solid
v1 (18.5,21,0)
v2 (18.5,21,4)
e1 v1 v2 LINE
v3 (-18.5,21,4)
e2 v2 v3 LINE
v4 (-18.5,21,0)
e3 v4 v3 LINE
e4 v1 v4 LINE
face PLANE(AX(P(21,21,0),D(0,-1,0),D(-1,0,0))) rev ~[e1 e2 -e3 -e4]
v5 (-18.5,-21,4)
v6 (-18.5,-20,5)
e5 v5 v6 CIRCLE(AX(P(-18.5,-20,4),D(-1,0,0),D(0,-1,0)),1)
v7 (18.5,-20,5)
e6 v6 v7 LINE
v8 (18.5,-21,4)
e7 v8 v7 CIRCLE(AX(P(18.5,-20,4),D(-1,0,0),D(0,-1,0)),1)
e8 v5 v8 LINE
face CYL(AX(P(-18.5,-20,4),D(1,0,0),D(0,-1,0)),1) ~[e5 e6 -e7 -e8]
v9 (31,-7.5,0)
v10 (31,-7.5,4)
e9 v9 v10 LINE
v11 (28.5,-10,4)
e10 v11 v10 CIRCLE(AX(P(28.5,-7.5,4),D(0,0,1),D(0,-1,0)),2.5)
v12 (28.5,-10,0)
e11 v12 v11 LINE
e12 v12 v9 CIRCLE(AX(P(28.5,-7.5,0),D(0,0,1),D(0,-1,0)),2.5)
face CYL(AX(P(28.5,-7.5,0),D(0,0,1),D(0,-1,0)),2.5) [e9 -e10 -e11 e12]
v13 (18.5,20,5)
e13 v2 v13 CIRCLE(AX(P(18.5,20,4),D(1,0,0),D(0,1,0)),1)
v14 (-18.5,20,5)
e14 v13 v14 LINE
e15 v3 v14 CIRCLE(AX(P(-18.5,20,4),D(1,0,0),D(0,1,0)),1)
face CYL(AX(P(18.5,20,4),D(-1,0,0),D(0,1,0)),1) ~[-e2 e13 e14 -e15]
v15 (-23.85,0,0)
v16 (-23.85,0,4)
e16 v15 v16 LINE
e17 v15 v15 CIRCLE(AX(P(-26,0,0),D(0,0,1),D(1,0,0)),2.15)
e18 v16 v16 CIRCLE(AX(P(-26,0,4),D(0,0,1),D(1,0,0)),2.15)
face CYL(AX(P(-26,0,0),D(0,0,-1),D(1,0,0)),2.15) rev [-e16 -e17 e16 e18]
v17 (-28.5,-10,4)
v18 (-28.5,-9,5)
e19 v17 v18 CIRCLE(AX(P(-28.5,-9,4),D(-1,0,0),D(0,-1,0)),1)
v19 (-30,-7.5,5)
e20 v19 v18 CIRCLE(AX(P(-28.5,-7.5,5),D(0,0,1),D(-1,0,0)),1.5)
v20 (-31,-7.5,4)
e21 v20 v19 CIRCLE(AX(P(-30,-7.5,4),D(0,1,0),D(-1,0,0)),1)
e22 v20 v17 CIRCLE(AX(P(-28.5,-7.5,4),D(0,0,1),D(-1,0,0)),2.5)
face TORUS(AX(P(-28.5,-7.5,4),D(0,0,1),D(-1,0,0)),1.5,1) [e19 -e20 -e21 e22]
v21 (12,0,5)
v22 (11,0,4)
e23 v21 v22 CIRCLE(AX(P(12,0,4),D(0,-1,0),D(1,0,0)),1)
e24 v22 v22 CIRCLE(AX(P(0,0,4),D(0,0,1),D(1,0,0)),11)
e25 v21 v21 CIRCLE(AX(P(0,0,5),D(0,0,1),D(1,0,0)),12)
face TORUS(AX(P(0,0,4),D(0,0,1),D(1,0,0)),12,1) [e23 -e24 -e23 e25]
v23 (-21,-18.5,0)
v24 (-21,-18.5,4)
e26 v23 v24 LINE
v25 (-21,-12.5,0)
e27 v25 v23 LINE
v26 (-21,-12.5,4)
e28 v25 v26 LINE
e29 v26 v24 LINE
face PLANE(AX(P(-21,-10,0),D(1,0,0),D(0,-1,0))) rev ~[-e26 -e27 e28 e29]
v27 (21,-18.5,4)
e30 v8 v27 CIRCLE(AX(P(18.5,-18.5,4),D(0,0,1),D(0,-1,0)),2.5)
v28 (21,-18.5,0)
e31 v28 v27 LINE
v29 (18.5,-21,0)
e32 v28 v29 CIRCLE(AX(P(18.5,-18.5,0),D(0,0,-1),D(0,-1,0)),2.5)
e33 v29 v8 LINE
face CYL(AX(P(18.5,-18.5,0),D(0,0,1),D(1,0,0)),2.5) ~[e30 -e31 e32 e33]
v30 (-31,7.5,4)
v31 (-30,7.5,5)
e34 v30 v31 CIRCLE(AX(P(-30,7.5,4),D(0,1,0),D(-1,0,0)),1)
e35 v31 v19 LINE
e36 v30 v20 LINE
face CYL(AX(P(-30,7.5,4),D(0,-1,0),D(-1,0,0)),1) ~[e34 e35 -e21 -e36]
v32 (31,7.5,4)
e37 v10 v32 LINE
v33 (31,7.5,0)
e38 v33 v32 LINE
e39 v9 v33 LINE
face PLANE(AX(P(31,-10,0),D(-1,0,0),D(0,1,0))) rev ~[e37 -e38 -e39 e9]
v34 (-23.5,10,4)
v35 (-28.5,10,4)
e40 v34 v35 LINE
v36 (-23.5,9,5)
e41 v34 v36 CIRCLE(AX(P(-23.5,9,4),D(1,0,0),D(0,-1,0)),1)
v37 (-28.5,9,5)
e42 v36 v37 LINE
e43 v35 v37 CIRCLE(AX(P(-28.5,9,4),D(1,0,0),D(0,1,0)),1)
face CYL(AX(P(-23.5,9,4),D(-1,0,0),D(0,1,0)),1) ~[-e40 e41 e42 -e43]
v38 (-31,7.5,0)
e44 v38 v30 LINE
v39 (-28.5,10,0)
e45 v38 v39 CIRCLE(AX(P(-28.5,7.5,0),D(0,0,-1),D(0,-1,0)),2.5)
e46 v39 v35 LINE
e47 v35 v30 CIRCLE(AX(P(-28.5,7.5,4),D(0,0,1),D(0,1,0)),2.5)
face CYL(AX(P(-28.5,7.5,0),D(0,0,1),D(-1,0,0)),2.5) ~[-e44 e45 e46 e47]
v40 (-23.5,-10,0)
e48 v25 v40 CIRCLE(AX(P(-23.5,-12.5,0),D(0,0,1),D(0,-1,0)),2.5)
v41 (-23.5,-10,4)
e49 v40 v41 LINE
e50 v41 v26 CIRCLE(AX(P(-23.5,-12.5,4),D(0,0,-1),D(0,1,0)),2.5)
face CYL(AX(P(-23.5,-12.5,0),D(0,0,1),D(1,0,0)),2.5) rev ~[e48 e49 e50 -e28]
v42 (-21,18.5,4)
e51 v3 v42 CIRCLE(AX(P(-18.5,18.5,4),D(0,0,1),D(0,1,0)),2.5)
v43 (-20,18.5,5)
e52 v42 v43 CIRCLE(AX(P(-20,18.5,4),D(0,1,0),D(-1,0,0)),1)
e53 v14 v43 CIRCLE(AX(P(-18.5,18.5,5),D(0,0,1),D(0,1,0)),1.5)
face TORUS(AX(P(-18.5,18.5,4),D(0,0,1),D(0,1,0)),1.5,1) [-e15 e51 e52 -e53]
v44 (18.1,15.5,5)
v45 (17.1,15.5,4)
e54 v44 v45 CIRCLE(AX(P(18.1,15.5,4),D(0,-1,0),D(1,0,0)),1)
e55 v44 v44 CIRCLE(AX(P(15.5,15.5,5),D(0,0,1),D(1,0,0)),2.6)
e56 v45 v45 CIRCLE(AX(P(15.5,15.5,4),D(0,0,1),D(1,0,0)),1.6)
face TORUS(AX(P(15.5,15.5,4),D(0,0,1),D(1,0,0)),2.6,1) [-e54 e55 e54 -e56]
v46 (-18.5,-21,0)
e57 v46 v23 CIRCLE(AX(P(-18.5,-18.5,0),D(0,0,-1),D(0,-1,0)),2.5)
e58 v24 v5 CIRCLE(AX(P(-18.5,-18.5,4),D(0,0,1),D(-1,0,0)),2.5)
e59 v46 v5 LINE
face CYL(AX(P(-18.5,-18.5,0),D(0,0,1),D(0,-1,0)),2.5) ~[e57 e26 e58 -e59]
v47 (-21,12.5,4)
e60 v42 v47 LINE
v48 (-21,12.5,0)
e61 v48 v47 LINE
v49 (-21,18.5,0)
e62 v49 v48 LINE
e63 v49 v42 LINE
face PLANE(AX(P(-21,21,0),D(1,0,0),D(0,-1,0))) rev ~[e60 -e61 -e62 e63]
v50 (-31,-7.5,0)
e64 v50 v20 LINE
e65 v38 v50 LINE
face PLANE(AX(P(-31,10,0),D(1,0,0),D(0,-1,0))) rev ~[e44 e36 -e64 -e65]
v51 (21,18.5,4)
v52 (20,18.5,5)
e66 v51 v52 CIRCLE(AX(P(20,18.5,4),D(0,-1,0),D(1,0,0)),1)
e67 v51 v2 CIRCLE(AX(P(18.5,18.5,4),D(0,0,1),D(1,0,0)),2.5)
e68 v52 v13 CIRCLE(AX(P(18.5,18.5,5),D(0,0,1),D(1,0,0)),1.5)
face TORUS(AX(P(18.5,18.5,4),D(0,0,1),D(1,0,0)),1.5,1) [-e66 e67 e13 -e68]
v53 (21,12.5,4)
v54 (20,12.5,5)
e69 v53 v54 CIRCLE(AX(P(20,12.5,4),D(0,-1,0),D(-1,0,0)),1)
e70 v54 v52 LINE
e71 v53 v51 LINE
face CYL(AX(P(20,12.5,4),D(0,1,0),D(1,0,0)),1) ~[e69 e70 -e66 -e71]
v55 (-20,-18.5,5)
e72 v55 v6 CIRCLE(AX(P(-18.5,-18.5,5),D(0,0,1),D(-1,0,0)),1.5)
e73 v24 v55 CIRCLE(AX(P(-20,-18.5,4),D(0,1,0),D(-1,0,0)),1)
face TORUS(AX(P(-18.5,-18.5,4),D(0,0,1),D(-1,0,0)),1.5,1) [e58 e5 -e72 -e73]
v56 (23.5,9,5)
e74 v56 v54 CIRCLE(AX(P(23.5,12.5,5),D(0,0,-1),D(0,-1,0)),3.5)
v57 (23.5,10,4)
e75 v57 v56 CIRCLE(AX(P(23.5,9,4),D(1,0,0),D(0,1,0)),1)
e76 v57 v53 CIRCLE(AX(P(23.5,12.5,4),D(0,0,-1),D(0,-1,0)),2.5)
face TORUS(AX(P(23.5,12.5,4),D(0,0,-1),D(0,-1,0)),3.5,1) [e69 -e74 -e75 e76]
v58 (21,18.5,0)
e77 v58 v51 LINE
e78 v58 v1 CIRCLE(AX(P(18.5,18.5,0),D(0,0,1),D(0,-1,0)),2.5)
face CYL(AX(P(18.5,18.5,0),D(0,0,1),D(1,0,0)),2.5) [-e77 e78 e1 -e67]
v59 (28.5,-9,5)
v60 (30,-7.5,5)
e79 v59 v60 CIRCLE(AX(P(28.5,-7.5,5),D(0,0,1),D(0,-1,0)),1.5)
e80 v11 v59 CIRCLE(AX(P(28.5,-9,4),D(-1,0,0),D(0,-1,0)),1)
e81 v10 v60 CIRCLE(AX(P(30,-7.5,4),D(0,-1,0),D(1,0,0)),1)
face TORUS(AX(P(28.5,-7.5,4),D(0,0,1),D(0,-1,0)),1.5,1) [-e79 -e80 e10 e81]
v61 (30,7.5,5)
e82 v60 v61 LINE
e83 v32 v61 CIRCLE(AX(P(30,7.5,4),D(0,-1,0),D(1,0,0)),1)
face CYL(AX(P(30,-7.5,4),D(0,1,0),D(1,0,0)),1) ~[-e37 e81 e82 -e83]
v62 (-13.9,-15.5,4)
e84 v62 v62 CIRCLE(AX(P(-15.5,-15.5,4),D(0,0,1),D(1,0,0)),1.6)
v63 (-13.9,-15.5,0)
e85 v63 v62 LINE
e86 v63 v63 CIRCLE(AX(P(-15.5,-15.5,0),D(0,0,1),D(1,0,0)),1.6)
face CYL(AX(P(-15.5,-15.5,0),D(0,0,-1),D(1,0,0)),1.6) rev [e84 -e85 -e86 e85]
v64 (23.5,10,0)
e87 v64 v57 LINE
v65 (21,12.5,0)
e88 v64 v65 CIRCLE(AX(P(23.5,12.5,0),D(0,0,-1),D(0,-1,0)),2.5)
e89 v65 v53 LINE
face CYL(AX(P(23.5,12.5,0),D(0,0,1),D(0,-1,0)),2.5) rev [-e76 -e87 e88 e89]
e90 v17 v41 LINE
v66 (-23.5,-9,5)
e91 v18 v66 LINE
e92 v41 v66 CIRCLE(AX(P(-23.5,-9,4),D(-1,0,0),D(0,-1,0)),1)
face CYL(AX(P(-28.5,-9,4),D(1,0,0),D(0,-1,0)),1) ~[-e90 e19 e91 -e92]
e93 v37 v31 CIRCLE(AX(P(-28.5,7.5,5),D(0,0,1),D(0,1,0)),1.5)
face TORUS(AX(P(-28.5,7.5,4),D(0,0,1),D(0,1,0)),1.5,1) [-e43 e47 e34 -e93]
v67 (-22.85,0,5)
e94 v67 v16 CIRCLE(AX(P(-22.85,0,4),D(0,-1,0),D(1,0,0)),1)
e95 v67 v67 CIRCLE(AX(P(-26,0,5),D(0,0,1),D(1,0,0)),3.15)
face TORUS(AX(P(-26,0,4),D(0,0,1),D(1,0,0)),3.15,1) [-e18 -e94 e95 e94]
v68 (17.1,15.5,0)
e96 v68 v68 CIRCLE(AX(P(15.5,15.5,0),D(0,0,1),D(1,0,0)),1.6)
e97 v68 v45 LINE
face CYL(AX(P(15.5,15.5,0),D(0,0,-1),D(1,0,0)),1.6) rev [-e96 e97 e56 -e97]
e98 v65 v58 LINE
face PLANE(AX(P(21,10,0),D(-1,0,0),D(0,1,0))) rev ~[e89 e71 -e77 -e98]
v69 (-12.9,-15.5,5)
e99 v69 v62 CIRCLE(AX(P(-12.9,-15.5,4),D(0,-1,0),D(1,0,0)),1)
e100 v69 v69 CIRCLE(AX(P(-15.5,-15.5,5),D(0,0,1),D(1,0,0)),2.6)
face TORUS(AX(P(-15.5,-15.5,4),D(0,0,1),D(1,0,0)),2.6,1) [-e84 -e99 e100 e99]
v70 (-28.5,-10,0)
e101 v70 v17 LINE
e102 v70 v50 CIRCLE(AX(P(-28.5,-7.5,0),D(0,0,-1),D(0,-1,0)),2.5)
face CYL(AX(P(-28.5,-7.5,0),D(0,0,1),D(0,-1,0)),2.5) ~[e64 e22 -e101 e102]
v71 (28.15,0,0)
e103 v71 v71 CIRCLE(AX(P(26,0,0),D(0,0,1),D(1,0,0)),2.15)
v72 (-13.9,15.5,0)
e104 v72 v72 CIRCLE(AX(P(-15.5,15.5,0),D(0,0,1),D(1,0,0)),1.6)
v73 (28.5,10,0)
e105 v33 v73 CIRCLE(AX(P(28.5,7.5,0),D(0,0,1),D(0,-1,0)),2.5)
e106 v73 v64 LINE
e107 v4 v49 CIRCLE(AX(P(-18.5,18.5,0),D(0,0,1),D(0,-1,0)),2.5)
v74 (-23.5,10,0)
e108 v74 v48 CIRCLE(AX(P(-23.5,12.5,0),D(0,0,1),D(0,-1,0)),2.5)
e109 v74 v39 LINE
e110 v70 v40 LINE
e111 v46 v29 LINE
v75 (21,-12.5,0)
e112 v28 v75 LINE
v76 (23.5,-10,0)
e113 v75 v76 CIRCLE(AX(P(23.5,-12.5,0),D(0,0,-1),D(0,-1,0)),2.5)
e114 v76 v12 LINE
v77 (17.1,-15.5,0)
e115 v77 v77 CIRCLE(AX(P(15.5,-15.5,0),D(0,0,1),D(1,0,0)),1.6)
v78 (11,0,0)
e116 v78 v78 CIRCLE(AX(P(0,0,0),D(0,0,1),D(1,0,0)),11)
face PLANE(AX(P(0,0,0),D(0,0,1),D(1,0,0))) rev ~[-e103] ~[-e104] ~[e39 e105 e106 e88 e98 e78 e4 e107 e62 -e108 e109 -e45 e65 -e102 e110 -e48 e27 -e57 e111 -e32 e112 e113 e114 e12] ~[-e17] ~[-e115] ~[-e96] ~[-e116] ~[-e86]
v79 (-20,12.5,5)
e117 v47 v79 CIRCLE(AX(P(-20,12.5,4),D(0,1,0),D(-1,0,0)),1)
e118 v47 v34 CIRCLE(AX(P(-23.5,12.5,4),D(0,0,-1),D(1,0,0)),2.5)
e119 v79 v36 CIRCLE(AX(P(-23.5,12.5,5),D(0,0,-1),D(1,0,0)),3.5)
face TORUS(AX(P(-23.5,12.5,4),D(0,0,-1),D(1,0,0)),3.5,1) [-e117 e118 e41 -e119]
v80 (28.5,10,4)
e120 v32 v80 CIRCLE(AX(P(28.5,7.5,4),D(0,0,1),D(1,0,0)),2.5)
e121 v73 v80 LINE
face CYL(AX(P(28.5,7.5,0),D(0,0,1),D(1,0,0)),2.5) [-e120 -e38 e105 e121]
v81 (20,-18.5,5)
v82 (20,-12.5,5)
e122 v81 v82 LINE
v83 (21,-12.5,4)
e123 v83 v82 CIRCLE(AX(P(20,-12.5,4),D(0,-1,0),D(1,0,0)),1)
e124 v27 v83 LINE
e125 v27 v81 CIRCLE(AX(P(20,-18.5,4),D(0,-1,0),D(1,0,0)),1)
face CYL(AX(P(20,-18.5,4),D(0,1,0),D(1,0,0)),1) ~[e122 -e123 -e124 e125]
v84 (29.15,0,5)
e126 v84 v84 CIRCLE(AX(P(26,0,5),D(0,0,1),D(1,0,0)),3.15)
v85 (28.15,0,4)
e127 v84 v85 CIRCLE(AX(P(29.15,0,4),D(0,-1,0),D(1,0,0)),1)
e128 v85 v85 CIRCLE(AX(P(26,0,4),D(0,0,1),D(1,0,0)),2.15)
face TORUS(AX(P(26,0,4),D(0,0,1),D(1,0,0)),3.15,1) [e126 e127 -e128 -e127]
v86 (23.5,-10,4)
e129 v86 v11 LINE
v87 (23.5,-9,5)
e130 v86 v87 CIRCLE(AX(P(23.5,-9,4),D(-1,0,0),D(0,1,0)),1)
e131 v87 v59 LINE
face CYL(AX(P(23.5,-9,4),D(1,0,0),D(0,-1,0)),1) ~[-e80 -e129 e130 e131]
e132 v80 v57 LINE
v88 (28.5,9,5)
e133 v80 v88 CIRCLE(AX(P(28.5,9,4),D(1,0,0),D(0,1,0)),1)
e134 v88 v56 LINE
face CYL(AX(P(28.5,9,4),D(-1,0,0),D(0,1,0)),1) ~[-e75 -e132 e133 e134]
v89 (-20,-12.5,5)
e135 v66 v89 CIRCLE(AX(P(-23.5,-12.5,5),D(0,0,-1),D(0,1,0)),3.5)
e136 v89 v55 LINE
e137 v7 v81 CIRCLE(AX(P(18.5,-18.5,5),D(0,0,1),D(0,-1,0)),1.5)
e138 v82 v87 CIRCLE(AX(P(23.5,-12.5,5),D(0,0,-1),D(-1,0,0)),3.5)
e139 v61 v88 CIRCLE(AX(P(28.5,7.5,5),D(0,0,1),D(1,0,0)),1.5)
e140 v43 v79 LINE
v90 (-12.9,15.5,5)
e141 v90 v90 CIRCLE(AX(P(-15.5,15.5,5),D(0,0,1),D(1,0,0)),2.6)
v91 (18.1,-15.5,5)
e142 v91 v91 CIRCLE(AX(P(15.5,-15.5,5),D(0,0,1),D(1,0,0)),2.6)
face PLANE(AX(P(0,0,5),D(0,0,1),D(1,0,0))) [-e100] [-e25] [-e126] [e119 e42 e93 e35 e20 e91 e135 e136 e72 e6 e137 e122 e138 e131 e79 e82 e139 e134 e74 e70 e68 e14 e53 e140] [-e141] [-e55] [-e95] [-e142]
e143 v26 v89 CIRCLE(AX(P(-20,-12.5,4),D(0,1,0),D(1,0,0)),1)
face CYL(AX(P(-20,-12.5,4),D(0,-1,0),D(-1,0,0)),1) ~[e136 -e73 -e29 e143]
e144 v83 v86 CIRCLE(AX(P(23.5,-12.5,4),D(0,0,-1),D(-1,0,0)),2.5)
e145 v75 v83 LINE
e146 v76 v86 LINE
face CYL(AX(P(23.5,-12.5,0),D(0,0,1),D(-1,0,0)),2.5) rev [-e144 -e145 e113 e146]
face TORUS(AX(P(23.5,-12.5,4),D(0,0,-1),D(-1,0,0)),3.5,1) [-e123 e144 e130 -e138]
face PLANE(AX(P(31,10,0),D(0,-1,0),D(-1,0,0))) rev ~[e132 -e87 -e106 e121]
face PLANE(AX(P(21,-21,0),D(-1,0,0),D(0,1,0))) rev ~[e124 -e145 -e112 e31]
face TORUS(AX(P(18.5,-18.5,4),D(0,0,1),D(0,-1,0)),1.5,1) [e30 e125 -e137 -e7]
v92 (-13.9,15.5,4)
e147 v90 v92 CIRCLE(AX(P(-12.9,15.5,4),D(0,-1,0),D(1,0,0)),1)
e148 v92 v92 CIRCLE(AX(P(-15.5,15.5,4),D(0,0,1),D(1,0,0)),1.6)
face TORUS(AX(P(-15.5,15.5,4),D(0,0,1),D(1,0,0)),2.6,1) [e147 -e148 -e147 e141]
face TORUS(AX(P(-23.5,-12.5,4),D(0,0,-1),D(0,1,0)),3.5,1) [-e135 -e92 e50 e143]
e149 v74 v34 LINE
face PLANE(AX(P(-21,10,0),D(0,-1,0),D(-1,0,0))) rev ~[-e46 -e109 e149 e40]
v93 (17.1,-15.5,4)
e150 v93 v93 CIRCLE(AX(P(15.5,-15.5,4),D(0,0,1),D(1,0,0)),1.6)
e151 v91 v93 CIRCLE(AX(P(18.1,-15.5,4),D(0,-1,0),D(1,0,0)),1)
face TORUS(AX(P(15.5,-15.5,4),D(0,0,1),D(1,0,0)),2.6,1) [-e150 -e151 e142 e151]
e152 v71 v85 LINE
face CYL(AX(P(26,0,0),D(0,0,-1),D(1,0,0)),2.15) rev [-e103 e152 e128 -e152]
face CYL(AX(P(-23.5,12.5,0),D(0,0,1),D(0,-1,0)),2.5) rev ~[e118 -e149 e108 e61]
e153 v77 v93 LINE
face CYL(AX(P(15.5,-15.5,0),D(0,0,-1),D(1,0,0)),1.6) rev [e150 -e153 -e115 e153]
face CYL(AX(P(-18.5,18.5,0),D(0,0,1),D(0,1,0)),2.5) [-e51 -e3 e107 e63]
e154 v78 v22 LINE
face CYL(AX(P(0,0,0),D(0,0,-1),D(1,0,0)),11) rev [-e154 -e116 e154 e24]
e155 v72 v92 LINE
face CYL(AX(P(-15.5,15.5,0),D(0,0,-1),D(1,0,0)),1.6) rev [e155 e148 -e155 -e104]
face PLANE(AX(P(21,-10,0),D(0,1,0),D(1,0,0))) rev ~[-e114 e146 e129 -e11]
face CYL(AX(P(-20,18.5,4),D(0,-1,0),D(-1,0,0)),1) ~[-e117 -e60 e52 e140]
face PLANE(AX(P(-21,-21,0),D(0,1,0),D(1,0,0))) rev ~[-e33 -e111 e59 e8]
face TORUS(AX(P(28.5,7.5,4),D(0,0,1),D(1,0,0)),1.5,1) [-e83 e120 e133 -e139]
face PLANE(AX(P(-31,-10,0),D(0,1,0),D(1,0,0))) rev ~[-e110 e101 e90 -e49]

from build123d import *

# Parameters (mm, degrees)
SKETCH_R    = 11
SKETCH_R_2  = 1.6
SKETCH_R_3  = 2.15
PAD_DEPTH   = 5
FILLET_R    = 2.5
FILLET001_R = 1


with BuildPart() as part:
    # Sketch → Pad (new body)
    with BuildSketch(Plane.XY):
        Polygon((21, -21), (21, -10), (31, -10), (31, 10), (21, 10), (21, 21), (-21, 21), (-21, 10), (-31, 10), (-31, -10), (-21, -10), (-21, -21), align=None)
        Circle(SKETCH_R, mode=Mode.SUBTRACT)
        with Locations((-15.5, -15.5)):
            Circle(SKETCH_R_2, mode=Mode.SUBTRACT)
        with Locations((15.5, -15.5)):
            Circle(SKETCH_R_2, mode=Mode.SUBTRACT)
        with Locations((15.5, 15.5)):
            Circle(SKETCH_R_2, mode=Mode.SUBTRACT)
        with Locations((-15.5, 15.5)):
            Circle(SKETCH_R_2, mode=Mode.SUBTRACT)
        with Locations((26, 0)):
            Circle(SKETCH_R_3, mode=Mode.SUBTRACT)
        with Locations((-26, 0)):
            Circle(SKETCH_R_3, mode=Mode.SUBTRACT)
    extrude(amount=PAD_DEPTH)

    # Fillet
    fillet_edges = [part.edges().sort_by_distance(p)[0] for p in [
        (31, 10, 2.5),
        (21, 21, 2.5),
        (21, -10, 2.5),
        (21, -21, 2.5),
        (-21, -21, 2.5),
        (-21, -10, 2.5),
        (-31, -10, 2.5),
        (-31, 10, 2.5),
        (-21, 10, 2.5),
        (-21, 21, 2.5),
        (21, 10, 2.5),
        (31, -10, 2.5),
    ]]
    fillet(fillet_edges, radius=FILLET_R)

    # Fillet001
    fillet001_edges = [part.edges().sort_by_distance(p)[0] for p in [
        (21, -15.5, 5),
        (20.267767, -20.267767, 5),
        (21.732233, -10.732233, 5),
        (0, -21, 5),
        (26, -10, 5),
        (-20.267767, -20.267767, 5),
        (30.267767, -9.267767, 5),
        (-21, -15.5, 5),
        (31, 0, 5),
        (-21.732233, -10.732233, 5),
        (30.267767, 9.267767, 5),
        (-26, -10, 5),
        (26, 10, 5),
        (-30.267767, -9.267767, 5),
        (21.732233, 10.732233, 5),
        (-31, 0, 5),
        (21, 15.5, 5),
        (-30.267767, 9.267767, 5),
        (20.267767, 20.267767, 5),
        (-26, 10, 5),
        (0, 21, 5),
        (-21.732233, 10.732233, 5),
        (-20.267767, 20.267767, 5),
        (-21, 15.5, 5),
        (-11, 0, 5),
        (-28.15, 0, 5),
        (23.85, 0, 5),
        (-17.1, 15.5, 5),
        (13.9, 15.5, 5),
        (13.9, -15.5, 5),
        (-17.1, -15.5, 5),
    ]]
    fillet(fillet001_edges, radius=FILLET001_R)


solid = part.part
